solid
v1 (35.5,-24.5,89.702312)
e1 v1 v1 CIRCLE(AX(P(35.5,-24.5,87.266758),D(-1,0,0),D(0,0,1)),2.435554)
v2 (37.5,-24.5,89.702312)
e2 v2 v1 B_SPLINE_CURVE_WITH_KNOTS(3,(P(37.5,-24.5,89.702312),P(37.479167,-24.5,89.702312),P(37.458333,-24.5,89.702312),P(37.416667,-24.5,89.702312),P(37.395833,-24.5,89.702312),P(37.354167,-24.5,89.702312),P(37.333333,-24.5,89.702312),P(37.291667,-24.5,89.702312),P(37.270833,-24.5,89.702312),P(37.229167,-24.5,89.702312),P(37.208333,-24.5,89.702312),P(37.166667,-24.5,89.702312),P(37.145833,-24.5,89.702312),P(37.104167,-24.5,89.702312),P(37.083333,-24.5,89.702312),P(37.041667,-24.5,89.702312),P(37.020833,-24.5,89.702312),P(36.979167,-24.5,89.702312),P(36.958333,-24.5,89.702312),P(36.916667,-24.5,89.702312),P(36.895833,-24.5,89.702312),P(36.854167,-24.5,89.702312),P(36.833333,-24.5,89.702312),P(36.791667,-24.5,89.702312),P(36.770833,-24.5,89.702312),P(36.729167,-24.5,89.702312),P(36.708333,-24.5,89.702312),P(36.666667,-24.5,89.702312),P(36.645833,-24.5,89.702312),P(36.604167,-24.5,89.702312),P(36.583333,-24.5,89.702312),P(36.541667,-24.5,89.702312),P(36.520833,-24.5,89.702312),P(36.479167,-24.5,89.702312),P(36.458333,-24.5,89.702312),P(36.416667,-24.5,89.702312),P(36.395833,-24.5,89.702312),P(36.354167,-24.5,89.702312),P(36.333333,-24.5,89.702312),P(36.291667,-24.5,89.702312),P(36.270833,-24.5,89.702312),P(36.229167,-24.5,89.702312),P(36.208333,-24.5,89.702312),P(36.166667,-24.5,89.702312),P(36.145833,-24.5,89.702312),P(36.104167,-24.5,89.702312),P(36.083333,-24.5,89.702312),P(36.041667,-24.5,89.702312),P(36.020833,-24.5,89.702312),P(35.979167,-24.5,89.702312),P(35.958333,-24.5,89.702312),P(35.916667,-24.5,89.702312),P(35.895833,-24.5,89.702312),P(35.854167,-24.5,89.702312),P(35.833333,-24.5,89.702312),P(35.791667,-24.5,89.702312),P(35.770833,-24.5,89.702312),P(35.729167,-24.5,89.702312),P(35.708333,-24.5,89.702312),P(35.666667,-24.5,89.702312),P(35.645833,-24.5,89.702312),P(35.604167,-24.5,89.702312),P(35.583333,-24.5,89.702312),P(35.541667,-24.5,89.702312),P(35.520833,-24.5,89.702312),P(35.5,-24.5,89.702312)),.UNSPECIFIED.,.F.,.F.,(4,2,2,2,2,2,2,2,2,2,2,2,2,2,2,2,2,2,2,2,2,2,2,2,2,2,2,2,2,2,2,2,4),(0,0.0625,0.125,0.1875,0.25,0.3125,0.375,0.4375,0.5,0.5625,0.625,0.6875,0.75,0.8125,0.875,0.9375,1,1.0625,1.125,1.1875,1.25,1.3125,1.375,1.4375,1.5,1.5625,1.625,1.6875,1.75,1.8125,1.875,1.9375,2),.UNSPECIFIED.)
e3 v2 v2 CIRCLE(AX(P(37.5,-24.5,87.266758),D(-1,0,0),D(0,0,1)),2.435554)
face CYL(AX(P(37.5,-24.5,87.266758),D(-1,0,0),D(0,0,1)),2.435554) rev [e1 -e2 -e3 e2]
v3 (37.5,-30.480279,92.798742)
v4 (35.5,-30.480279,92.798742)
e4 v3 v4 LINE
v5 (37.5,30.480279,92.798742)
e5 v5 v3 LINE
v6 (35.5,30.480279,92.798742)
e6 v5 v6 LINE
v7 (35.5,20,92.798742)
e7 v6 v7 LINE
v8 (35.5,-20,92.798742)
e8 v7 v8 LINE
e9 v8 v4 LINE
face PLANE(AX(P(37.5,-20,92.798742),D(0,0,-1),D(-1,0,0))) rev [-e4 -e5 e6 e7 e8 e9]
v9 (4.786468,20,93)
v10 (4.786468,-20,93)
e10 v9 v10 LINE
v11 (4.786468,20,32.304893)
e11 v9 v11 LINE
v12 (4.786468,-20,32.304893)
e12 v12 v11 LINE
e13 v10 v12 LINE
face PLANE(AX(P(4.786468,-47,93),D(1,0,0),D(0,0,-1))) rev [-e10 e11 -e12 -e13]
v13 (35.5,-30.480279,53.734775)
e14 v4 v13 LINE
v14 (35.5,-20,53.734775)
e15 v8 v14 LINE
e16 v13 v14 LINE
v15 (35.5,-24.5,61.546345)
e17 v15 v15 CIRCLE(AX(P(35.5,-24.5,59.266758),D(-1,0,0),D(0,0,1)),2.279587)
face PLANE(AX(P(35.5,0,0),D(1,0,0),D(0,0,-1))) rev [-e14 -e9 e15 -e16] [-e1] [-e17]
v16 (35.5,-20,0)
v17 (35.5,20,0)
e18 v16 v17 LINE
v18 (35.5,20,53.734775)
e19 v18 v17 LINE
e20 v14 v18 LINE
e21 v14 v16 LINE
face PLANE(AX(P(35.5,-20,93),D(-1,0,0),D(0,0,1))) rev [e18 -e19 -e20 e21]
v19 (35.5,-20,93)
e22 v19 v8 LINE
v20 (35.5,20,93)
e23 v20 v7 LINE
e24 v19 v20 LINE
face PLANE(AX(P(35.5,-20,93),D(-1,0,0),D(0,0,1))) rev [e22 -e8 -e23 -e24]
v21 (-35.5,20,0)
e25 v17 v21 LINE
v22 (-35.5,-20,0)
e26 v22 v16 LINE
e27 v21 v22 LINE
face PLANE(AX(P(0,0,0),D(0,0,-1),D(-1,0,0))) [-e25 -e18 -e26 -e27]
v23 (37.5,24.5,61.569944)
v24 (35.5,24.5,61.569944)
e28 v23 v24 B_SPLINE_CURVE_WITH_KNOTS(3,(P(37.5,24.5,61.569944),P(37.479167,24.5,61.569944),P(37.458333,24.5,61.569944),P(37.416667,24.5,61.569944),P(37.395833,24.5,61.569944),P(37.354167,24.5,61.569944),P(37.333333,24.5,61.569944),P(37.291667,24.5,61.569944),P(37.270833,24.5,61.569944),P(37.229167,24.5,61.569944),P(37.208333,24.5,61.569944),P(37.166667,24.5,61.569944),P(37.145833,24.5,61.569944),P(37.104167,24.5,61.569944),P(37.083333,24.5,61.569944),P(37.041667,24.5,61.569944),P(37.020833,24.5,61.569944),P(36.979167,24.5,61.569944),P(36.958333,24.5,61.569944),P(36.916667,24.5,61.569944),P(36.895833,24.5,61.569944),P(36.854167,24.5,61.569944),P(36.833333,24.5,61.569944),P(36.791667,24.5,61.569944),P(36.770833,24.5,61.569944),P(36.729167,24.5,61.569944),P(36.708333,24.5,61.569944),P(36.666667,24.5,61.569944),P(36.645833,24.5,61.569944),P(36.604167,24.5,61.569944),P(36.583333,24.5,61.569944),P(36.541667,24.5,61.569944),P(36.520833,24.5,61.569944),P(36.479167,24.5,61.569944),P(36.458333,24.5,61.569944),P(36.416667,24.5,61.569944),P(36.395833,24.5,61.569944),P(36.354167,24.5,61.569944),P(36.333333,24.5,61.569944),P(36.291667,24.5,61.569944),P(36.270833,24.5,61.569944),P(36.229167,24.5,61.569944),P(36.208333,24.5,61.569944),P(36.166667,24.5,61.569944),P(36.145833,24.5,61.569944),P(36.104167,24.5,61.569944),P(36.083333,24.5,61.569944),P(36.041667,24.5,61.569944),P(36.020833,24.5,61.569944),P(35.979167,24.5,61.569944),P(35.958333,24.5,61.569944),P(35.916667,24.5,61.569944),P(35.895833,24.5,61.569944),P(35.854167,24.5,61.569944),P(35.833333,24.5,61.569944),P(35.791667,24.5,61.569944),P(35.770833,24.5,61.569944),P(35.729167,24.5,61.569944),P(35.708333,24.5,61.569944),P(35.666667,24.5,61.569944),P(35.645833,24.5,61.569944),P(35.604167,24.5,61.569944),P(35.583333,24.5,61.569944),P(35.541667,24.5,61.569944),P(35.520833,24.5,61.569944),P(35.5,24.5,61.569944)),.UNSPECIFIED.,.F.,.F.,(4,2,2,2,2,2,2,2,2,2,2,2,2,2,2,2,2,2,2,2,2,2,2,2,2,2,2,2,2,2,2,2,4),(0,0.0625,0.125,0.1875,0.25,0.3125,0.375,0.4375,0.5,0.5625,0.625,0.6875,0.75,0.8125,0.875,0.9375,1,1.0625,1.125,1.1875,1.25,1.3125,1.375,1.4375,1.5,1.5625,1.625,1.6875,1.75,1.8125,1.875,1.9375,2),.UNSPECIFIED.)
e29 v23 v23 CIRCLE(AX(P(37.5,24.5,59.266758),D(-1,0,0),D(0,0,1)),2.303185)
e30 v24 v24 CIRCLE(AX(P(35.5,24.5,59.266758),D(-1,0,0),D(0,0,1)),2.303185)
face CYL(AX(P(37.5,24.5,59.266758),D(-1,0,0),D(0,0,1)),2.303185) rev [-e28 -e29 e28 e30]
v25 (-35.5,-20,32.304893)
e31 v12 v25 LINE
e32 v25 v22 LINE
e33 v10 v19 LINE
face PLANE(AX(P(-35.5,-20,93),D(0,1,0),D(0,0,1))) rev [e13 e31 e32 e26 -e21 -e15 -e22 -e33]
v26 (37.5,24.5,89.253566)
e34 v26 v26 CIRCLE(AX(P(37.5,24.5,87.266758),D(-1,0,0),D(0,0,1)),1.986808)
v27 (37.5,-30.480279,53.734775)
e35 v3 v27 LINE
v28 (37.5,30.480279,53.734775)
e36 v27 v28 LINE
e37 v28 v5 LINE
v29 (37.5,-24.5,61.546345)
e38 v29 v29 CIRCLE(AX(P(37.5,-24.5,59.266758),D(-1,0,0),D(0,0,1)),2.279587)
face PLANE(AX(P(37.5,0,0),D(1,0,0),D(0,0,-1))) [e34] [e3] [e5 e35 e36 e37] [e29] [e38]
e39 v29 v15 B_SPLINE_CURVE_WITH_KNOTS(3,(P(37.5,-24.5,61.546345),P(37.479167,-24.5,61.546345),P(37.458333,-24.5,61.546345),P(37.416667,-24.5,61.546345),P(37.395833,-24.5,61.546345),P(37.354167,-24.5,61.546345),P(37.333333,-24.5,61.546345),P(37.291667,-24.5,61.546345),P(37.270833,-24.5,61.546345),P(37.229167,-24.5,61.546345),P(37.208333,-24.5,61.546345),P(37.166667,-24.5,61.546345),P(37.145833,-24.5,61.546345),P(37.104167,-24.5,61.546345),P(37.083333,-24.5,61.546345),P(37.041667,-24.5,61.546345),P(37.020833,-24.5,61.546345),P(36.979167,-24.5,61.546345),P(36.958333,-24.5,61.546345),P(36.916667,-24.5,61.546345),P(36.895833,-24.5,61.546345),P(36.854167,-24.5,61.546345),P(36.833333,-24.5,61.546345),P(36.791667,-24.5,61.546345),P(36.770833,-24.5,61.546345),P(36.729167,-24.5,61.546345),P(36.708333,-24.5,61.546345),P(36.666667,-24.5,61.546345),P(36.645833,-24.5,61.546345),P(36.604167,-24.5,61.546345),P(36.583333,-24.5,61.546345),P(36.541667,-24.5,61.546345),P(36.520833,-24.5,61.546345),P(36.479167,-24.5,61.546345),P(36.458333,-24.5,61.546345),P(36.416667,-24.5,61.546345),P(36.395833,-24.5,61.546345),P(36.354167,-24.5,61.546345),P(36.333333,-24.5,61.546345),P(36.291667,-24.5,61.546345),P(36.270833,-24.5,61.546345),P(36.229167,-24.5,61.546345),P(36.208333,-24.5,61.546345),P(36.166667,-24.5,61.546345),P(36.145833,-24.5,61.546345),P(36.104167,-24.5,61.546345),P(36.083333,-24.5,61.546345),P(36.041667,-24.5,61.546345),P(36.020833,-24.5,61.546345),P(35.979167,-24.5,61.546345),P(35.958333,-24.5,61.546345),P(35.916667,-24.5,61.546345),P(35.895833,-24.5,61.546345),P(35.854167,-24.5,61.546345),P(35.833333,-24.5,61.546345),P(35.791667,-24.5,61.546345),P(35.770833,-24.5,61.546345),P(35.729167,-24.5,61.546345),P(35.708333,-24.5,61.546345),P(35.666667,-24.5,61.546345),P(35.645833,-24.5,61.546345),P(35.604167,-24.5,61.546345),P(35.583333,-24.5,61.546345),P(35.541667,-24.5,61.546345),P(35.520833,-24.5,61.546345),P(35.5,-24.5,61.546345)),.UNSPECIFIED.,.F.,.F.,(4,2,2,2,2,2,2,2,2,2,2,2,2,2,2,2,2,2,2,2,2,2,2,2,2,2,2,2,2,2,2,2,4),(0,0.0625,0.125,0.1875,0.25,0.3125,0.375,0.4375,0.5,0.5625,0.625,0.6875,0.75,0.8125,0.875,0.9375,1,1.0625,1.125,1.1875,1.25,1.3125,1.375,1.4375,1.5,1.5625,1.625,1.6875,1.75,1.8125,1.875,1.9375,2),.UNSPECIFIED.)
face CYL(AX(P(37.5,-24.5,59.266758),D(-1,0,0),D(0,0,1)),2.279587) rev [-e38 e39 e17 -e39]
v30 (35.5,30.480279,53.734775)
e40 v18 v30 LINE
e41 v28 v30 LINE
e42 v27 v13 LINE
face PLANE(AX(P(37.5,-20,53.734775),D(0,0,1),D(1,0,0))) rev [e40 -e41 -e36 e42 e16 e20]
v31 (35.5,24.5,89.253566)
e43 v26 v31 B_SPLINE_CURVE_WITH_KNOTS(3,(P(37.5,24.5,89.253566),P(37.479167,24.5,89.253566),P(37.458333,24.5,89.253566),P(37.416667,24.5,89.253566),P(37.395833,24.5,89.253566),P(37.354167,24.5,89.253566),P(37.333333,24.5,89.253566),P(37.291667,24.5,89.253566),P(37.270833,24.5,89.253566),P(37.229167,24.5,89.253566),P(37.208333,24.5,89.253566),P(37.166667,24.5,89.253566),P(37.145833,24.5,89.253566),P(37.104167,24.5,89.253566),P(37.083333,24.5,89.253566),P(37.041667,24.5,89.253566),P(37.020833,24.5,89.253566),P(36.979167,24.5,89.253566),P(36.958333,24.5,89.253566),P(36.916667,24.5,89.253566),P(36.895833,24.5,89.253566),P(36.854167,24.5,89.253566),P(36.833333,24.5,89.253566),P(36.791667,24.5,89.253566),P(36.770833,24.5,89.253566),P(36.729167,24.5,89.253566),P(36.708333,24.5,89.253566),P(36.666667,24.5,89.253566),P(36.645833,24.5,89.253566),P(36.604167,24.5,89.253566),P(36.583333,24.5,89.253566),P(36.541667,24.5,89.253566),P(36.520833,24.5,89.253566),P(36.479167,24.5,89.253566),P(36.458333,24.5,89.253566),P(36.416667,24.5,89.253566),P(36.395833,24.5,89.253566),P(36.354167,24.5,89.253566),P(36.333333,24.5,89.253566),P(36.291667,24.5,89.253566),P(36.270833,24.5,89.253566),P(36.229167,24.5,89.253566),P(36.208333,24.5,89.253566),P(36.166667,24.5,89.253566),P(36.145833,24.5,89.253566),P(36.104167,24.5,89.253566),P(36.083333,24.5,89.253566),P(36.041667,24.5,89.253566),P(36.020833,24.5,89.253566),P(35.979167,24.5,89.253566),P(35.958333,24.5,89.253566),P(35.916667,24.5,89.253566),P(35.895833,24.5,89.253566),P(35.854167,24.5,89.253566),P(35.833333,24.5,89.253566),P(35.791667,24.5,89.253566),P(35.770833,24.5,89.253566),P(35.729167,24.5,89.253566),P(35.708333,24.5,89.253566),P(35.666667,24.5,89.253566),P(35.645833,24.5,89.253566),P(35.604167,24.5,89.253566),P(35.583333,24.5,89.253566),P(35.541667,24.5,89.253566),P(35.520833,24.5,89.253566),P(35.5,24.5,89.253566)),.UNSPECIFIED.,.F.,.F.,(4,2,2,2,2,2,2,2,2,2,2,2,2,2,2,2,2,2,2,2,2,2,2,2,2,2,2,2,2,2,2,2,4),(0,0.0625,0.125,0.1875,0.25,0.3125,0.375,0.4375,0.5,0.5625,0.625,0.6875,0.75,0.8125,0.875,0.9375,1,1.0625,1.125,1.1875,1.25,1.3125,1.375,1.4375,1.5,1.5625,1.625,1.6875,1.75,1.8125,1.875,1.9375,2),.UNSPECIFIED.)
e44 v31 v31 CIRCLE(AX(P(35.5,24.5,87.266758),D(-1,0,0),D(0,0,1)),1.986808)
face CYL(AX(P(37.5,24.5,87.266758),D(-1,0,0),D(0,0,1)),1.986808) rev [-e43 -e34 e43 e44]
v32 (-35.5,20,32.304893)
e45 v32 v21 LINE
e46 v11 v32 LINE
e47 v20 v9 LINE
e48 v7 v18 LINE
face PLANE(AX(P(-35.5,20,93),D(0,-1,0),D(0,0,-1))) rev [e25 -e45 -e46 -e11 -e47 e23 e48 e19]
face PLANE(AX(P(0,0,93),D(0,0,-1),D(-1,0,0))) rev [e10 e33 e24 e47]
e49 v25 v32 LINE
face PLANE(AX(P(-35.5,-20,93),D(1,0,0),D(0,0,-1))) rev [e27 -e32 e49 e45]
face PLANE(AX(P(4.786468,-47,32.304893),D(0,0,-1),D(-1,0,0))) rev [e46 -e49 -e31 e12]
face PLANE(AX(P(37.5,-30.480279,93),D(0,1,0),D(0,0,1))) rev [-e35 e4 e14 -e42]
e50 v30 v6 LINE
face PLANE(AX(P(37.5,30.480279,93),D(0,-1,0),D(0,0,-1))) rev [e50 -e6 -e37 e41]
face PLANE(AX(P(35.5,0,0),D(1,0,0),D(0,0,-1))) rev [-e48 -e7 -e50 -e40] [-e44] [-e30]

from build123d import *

# Parameters (mm, degrees)
SKETCH_1_W          = 71
SKETCH_1_H          = 40
EXTRUDE_1_DEPTH     = 93
EXTRUDE_START       = 35.5
SKETCH_2_W          = 39.063966261
SKETCH_2_H          = 60.96055705
SKETCH_2_R          = 1.986807663
SKETCH_2_R_2        = 2.303185406
SKETCH_2_R_3        = 2.435553703
SKETCH_2_R_4        = 2.279586572
EXTRUDE_2_DEPTH     = 2
CUT_EXTRUDE_1_DEPTH = 67


with BuildPart() as part:
    # 草图1 → 凸台-拉伸1 (new body)
    with BuildSketch(Plane.XY):
        Rectangle(SKETCH_1_W, SKETCH_1_H)
    extrude(amount=EXTRUDE_1_DEPTH)

    # 草图2 → 凸台-拉伸2 (add)
    with BuildSketch(Plane(origin=(0, 0, 0), x_dir=(0, 0, -1), z_dir=(1, 0, 0)).offset(EXTRUDE_START)):
        with Locations((-73.266758463, 0)):
            Rectangle(SKETCH_2_W, SKETCH_2_H)
        with Locations(Location((-87.266758464, 24.5, 0), (0, 0, 180))):
            Circle(SKETCH_2_R, mode=Mode.SUBTRACT)
        with Locations(Location((-59.266758464, 24.5, 0), (0, 0, 180))):
            Circle(SKETCH_2_R_2, mode=Mode.SUBTRACT)
        with Locations(Location((-87.266758464, -24.5, 0), (0, 0, 180))):
            Circle(SKETCH_2_R_3, mode=Mode.SUBTRACT)
        with Locations(Location((-59.266758464, -24.5, 0), (0, 0, 180))):
            Circle(SKETCH_2_R_4, mode=Mode.SUBTRACT)
    extrude(amount=EXTRUDE_2_DEPTH)

    # 草图3 → 切除-拉伸1 (cut)
    with BuildSketch(Plane(origin=(0, 20, 0), x_dir=(1, 0, 0), z_dir=(0, 1, 0))):
        Polygon((4.786467803, -93), (4.786467803, -32.304892778), (-35.5, -32.304892778), (-48.137036208, -34.916249884), (-56.319288473, -69.473208918), (-51.935451812, -90.687734689), (-39.693648232, -97.327684713), align=None)
    extrude(amount=-CUT_EXTRUDE_1_DEPTH, mode=Mode.SUBTRACT)


solid = part.part
